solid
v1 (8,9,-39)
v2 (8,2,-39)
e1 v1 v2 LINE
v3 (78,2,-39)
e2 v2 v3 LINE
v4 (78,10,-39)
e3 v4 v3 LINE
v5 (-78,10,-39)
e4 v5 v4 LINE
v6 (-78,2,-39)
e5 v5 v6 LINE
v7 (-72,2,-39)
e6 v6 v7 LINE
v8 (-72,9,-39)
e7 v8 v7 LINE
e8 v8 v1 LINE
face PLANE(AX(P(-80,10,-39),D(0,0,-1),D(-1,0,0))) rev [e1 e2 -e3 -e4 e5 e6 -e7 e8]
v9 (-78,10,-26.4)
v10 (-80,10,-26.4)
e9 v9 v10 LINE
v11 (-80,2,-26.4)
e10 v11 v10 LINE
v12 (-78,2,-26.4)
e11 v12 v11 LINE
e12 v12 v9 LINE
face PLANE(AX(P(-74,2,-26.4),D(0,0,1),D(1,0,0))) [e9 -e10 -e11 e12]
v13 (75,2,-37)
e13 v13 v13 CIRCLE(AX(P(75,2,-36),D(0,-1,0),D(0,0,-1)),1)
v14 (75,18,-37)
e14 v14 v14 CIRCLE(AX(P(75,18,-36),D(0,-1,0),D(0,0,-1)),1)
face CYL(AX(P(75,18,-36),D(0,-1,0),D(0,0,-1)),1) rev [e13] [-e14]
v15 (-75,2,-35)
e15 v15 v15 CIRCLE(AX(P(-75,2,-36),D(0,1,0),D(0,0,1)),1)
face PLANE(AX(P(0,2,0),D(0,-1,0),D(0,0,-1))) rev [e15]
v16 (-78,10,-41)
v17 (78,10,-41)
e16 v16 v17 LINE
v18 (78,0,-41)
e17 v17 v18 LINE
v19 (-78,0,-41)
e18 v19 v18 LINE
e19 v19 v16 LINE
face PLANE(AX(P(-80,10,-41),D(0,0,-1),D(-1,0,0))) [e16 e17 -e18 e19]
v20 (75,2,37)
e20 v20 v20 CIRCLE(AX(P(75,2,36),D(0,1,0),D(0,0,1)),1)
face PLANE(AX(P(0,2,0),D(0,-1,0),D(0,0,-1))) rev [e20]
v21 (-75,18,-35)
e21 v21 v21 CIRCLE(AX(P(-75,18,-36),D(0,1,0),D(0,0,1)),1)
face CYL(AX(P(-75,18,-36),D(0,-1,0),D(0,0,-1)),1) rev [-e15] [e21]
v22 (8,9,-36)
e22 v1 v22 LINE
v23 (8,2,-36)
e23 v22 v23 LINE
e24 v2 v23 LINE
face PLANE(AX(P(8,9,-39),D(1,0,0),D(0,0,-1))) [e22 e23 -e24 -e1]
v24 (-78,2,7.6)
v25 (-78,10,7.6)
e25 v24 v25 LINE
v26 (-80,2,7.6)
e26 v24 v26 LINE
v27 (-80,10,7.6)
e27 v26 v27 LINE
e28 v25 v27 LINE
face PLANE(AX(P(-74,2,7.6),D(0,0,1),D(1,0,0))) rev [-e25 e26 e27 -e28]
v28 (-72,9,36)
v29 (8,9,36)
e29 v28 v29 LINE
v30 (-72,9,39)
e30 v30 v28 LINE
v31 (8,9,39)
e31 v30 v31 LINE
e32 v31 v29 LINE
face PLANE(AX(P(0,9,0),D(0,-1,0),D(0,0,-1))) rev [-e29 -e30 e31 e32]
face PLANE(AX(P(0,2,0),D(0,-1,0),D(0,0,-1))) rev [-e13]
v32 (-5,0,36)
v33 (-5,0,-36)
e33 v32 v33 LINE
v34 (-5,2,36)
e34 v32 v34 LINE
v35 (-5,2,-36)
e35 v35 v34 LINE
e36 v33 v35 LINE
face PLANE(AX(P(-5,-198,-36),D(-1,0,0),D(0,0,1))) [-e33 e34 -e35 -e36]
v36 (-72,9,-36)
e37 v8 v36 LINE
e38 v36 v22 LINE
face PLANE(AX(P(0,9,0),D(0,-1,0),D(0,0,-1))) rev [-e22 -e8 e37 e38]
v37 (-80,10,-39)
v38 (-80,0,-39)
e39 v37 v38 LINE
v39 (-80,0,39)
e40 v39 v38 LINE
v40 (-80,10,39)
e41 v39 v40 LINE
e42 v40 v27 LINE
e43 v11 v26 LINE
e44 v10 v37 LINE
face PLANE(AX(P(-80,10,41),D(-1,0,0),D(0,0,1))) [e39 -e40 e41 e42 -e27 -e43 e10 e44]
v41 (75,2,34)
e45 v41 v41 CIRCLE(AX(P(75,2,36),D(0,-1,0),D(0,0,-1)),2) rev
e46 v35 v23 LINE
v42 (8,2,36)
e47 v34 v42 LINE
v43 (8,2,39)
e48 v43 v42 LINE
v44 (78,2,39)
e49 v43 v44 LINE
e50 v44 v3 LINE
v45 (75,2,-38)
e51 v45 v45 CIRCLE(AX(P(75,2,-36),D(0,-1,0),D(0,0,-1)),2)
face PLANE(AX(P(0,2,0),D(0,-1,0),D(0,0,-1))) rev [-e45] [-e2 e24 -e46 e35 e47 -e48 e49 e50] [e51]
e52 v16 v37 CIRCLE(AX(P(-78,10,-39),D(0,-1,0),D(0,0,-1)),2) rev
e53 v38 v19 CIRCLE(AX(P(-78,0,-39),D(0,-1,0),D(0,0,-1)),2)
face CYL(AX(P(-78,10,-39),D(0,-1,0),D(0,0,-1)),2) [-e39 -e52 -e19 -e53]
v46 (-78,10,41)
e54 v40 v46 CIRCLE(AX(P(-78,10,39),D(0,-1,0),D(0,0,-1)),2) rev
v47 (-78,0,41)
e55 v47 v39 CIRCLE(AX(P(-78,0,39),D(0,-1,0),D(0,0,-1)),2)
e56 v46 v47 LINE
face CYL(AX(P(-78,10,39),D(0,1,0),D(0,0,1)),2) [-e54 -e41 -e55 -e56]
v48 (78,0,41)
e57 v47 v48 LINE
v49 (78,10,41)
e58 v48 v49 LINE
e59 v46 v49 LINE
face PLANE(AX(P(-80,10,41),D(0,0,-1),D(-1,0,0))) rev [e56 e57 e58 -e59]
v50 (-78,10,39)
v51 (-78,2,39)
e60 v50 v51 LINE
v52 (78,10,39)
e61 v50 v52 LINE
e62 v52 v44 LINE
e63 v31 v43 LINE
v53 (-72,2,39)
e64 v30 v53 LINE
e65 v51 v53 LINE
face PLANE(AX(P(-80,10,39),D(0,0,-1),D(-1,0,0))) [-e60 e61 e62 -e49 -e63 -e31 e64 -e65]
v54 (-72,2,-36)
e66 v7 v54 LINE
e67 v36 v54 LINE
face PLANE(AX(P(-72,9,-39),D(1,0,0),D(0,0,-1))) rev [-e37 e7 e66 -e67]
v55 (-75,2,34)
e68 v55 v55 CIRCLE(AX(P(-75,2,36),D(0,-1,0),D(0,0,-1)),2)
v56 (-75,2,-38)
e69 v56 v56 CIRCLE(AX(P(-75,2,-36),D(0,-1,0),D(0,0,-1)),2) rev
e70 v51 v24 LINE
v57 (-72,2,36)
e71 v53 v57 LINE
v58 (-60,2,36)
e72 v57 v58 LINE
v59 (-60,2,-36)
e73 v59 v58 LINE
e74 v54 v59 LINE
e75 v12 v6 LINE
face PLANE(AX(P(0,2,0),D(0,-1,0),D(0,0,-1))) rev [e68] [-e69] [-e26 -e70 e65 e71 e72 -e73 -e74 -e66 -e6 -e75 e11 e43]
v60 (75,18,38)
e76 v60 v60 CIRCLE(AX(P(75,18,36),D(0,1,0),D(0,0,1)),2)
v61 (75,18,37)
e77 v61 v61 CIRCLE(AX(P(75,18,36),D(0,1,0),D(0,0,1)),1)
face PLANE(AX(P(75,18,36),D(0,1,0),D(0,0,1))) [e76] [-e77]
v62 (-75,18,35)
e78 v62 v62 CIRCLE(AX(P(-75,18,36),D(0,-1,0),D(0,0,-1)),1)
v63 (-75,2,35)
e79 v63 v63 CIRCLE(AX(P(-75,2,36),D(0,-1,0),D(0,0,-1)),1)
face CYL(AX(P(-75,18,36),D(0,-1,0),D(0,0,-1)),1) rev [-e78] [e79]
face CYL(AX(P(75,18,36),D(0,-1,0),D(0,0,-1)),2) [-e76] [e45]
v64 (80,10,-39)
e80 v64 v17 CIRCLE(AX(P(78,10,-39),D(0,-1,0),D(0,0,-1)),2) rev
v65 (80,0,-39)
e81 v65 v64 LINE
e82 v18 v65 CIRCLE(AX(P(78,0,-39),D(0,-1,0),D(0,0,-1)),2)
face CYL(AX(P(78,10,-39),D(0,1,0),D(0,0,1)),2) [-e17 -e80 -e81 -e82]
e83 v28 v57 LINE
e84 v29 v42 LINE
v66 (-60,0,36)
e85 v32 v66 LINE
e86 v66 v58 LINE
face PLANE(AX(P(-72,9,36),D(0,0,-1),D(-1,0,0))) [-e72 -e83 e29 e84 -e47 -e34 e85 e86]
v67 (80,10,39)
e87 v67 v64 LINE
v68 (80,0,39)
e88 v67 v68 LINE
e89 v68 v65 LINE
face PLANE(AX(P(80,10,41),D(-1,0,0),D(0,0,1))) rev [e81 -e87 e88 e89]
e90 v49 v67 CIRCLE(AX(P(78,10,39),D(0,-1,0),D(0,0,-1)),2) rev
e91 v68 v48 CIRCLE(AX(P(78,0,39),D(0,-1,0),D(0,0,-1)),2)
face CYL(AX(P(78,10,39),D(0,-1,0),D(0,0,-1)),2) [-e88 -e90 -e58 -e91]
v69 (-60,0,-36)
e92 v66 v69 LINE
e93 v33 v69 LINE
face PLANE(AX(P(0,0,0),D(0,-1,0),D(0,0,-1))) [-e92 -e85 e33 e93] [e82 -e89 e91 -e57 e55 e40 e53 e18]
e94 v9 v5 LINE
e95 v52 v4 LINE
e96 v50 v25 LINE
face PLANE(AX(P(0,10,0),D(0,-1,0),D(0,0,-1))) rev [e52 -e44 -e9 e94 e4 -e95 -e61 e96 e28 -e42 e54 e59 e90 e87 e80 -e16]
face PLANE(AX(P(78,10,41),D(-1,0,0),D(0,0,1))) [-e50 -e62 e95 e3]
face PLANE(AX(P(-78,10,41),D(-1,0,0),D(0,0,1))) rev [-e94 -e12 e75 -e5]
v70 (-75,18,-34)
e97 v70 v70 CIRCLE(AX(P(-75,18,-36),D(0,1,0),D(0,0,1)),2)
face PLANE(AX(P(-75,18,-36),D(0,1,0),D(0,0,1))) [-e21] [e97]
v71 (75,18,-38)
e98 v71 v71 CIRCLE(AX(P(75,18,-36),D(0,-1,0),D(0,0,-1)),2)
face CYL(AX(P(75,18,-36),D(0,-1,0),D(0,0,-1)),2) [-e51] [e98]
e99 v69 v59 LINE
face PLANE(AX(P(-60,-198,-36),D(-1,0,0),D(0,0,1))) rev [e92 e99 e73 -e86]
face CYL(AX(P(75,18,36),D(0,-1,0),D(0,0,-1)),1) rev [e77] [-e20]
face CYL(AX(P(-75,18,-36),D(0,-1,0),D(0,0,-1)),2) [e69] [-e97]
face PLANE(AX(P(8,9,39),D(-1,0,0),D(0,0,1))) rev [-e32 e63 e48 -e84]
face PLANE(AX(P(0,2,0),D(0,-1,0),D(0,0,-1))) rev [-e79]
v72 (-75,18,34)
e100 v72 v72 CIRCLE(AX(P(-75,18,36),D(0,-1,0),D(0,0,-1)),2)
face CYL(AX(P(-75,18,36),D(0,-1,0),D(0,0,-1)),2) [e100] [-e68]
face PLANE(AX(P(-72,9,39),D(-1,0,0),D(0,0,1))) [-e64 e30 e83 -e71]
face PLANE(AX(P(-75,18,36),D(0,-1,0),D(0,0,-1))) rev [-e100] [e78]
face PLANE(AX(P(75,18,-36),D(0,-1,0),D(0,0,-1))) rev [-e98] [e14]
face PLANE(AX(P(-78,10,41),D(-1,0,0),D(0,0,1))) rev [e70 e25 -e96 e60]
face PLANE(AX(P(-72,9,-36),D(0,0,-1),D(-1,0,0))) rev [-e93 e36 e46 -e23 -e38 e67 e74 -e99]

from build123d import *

# Parameters (mm, degrees)
SKETCH1_W           = 160
SKETCH1_H           = 82
BOSS_EXTRUDE1_DEPTH = 10
SHELL1_T            = -2
FILLET1_R           = 2
FILLET2_R           = 2
FILLET3_R           = 2
FILLET4_R           = 2
SKETCH10_W          = 34
SKETCH10_H          = 8.029729716
CUT_EXTRUDE1_DEPTH  = 6
SKETCH2_R           = 2
SKETCH2_R_2         = 1
BOSS_EXTRUDE7_DEPTH = 16
SKETCH12_W          = 80
SKETCH12_H          = 3
BOSS_EXTRUDE8_DEPTH = 7
SKETCH13_W          = 55
SKETCH13_H          = 72
CUT_EXTRUDE3_DEPTH  = 200


with BuildPart() as part:
    # Sketch1 → Boss-Extrude1 (new body)
    with BuildSketch(Plane(origin=(0, 0, 0), x_dir=(1, 0, 0), z_dir=(0, 1, 0))):
        Rectangle(SKETCH1_W, SKETCH1_H)
    extrude(amount=BOSS_EXTRUDE1_DEPTH)

    # Shell1
    shell1_openings = [part.faces().sort_by_distance(p)[0] for p in [
        (0, 10, 0),
    ]]
    offset(amount=SHELL1_T, openings=shell1_openings, kind=Kind.INTERSECTION)

    # Fillet1
    fillet1_edges = [part.edges().sort_by_distance(p)[0] for p in [
        (-80, 5, 41),
    ]]
    fillet(fillet1_edges, radius=FILLET1_R)

    # Fillet2
    fillet2_edges = [part.edges().sort_by_distance(p)[0] for p in [
        (-80, 5, -41),
    ]]
    fillet(fillet2_edges, radius=FILLET2_R)

    # Fillet3
    fillet3_edges = [part.edges().sort_by_distance(p)[0] for p in [
        (80, 5, -41),
    ]]
    fillet(fillet3_edges, radius=FILLET3_R)

    # Fillet4
    fillet4_edges = [part.edges().sort_by_distance(p)[0] for p in [
        (80, 5, 41),
    ]]
    fillet(fillet4_edges, radius=FILLET4_R)

    # Sketch10 → Cut-Extrude1 (cut)
    with BuildSketch(Plane.ZY.offset(80)):
        with Locations((-9.4, 6.014864858)):
            Rectangle(SKETCH10_W, SKETCH10_H)
    extrude(amount=-CUT_EXTRUDE1_DEPTH, mode=Mode.SUBTRACT)

    # Sketch2 → Boss-Extrude7 (add)
    # profile 1 of 4: a face of its own
    with BuildSketch(Plane(origin=(0, 2, 0), x_dir=(1, 0, 0), z_dir=(0, 1, 0))):
        with Locations(Location((-75, 36, 0), (0, 0, 90))):
            Circle(SKETCH2_R)
        with Locations(Location((-75, 36, 0), (0, 0, 270))):
            Circle(SKETCH2_R_2, mode=Mode.SUBTRACT)
    # profile 2 of 4: a face of its own
    with BuildSketch(Plane(origin=(0, 2, 0), x_dir=(1, 0, 0), z_dir=(0, 1, 0))):
        with Locations(Location((75, 36, 0), (0, 0, 90))):
            Circle(SKETCH2_R)
        with Locations(Location((75, 36, 0), (0, 0, 90))):
            Circle(SKETCH2_R_2, mode=Mode.SUBTRACT)
    # profile 3 of 4: a face of its own
    with BuildSketch(Plane(origin=(0, 2, 0), x_dir=(1, 0, 0), z_dir=(0, 1, 0))):
        with Locations(Location((-75, -36, 0), (0, 0, 90))):
            Circle(SKETCH2_R)
        with Locations(Location((-75, -36, 0), (0, 0, 90))):
            Circle(SKETCH2_R_2, mode=Mode.SUBTRACT)
    # profile 4 of 4: a face of its own
    with BuildSketch(Plane(origin=(0, 2, 0), x_dir=(1, 0, 0), z_dir=(0, 1, 0))):
        with Locations(Location((75, -36, 0), (0, 0, 90))):
            Circle(SKETCH2_R)
        with Locations(Location((75, -36, 0), (0, 0, 270))):
            Circle(SKETCH2_R_2, mode=Mode.SUBTRACT)
    extrude(amount=BOSS_EXTRUDE7_DEPTH)

    # Sketch12 → Boss-Extrude8 (add)
    with BuildSketch(Plane(origin=(0, 2, 0), x_dir=(1, 0, 0), z_dir=(0, 1, 0))):
        with Locations((-32, 37.5)):
            Rectangle(SKETCH12_W, SKETCH12_H)
        with Locations((-32, -37.5)):
            Rectangle(SKETCH12_W, SKETCH12_H)
    extrude(amount=BOSS_EXTRUDE8_DEPTH)

    # Sketch13 → Cut-Extrude3 (cut)
    with BuildSketch(Plane(origin=(0, 2, 0), x_dir=(1, 0, 0), z_dir=(0, 1, 0))):
        with Locations((-32.5, 0)):
            Rectangle(SKETCH13_W, SKETCH13_H)
    extrude(amount=-CUT_EXTRUDE3_DEPTH, mode=Mode.SUBTRACT)


solid = part.part
